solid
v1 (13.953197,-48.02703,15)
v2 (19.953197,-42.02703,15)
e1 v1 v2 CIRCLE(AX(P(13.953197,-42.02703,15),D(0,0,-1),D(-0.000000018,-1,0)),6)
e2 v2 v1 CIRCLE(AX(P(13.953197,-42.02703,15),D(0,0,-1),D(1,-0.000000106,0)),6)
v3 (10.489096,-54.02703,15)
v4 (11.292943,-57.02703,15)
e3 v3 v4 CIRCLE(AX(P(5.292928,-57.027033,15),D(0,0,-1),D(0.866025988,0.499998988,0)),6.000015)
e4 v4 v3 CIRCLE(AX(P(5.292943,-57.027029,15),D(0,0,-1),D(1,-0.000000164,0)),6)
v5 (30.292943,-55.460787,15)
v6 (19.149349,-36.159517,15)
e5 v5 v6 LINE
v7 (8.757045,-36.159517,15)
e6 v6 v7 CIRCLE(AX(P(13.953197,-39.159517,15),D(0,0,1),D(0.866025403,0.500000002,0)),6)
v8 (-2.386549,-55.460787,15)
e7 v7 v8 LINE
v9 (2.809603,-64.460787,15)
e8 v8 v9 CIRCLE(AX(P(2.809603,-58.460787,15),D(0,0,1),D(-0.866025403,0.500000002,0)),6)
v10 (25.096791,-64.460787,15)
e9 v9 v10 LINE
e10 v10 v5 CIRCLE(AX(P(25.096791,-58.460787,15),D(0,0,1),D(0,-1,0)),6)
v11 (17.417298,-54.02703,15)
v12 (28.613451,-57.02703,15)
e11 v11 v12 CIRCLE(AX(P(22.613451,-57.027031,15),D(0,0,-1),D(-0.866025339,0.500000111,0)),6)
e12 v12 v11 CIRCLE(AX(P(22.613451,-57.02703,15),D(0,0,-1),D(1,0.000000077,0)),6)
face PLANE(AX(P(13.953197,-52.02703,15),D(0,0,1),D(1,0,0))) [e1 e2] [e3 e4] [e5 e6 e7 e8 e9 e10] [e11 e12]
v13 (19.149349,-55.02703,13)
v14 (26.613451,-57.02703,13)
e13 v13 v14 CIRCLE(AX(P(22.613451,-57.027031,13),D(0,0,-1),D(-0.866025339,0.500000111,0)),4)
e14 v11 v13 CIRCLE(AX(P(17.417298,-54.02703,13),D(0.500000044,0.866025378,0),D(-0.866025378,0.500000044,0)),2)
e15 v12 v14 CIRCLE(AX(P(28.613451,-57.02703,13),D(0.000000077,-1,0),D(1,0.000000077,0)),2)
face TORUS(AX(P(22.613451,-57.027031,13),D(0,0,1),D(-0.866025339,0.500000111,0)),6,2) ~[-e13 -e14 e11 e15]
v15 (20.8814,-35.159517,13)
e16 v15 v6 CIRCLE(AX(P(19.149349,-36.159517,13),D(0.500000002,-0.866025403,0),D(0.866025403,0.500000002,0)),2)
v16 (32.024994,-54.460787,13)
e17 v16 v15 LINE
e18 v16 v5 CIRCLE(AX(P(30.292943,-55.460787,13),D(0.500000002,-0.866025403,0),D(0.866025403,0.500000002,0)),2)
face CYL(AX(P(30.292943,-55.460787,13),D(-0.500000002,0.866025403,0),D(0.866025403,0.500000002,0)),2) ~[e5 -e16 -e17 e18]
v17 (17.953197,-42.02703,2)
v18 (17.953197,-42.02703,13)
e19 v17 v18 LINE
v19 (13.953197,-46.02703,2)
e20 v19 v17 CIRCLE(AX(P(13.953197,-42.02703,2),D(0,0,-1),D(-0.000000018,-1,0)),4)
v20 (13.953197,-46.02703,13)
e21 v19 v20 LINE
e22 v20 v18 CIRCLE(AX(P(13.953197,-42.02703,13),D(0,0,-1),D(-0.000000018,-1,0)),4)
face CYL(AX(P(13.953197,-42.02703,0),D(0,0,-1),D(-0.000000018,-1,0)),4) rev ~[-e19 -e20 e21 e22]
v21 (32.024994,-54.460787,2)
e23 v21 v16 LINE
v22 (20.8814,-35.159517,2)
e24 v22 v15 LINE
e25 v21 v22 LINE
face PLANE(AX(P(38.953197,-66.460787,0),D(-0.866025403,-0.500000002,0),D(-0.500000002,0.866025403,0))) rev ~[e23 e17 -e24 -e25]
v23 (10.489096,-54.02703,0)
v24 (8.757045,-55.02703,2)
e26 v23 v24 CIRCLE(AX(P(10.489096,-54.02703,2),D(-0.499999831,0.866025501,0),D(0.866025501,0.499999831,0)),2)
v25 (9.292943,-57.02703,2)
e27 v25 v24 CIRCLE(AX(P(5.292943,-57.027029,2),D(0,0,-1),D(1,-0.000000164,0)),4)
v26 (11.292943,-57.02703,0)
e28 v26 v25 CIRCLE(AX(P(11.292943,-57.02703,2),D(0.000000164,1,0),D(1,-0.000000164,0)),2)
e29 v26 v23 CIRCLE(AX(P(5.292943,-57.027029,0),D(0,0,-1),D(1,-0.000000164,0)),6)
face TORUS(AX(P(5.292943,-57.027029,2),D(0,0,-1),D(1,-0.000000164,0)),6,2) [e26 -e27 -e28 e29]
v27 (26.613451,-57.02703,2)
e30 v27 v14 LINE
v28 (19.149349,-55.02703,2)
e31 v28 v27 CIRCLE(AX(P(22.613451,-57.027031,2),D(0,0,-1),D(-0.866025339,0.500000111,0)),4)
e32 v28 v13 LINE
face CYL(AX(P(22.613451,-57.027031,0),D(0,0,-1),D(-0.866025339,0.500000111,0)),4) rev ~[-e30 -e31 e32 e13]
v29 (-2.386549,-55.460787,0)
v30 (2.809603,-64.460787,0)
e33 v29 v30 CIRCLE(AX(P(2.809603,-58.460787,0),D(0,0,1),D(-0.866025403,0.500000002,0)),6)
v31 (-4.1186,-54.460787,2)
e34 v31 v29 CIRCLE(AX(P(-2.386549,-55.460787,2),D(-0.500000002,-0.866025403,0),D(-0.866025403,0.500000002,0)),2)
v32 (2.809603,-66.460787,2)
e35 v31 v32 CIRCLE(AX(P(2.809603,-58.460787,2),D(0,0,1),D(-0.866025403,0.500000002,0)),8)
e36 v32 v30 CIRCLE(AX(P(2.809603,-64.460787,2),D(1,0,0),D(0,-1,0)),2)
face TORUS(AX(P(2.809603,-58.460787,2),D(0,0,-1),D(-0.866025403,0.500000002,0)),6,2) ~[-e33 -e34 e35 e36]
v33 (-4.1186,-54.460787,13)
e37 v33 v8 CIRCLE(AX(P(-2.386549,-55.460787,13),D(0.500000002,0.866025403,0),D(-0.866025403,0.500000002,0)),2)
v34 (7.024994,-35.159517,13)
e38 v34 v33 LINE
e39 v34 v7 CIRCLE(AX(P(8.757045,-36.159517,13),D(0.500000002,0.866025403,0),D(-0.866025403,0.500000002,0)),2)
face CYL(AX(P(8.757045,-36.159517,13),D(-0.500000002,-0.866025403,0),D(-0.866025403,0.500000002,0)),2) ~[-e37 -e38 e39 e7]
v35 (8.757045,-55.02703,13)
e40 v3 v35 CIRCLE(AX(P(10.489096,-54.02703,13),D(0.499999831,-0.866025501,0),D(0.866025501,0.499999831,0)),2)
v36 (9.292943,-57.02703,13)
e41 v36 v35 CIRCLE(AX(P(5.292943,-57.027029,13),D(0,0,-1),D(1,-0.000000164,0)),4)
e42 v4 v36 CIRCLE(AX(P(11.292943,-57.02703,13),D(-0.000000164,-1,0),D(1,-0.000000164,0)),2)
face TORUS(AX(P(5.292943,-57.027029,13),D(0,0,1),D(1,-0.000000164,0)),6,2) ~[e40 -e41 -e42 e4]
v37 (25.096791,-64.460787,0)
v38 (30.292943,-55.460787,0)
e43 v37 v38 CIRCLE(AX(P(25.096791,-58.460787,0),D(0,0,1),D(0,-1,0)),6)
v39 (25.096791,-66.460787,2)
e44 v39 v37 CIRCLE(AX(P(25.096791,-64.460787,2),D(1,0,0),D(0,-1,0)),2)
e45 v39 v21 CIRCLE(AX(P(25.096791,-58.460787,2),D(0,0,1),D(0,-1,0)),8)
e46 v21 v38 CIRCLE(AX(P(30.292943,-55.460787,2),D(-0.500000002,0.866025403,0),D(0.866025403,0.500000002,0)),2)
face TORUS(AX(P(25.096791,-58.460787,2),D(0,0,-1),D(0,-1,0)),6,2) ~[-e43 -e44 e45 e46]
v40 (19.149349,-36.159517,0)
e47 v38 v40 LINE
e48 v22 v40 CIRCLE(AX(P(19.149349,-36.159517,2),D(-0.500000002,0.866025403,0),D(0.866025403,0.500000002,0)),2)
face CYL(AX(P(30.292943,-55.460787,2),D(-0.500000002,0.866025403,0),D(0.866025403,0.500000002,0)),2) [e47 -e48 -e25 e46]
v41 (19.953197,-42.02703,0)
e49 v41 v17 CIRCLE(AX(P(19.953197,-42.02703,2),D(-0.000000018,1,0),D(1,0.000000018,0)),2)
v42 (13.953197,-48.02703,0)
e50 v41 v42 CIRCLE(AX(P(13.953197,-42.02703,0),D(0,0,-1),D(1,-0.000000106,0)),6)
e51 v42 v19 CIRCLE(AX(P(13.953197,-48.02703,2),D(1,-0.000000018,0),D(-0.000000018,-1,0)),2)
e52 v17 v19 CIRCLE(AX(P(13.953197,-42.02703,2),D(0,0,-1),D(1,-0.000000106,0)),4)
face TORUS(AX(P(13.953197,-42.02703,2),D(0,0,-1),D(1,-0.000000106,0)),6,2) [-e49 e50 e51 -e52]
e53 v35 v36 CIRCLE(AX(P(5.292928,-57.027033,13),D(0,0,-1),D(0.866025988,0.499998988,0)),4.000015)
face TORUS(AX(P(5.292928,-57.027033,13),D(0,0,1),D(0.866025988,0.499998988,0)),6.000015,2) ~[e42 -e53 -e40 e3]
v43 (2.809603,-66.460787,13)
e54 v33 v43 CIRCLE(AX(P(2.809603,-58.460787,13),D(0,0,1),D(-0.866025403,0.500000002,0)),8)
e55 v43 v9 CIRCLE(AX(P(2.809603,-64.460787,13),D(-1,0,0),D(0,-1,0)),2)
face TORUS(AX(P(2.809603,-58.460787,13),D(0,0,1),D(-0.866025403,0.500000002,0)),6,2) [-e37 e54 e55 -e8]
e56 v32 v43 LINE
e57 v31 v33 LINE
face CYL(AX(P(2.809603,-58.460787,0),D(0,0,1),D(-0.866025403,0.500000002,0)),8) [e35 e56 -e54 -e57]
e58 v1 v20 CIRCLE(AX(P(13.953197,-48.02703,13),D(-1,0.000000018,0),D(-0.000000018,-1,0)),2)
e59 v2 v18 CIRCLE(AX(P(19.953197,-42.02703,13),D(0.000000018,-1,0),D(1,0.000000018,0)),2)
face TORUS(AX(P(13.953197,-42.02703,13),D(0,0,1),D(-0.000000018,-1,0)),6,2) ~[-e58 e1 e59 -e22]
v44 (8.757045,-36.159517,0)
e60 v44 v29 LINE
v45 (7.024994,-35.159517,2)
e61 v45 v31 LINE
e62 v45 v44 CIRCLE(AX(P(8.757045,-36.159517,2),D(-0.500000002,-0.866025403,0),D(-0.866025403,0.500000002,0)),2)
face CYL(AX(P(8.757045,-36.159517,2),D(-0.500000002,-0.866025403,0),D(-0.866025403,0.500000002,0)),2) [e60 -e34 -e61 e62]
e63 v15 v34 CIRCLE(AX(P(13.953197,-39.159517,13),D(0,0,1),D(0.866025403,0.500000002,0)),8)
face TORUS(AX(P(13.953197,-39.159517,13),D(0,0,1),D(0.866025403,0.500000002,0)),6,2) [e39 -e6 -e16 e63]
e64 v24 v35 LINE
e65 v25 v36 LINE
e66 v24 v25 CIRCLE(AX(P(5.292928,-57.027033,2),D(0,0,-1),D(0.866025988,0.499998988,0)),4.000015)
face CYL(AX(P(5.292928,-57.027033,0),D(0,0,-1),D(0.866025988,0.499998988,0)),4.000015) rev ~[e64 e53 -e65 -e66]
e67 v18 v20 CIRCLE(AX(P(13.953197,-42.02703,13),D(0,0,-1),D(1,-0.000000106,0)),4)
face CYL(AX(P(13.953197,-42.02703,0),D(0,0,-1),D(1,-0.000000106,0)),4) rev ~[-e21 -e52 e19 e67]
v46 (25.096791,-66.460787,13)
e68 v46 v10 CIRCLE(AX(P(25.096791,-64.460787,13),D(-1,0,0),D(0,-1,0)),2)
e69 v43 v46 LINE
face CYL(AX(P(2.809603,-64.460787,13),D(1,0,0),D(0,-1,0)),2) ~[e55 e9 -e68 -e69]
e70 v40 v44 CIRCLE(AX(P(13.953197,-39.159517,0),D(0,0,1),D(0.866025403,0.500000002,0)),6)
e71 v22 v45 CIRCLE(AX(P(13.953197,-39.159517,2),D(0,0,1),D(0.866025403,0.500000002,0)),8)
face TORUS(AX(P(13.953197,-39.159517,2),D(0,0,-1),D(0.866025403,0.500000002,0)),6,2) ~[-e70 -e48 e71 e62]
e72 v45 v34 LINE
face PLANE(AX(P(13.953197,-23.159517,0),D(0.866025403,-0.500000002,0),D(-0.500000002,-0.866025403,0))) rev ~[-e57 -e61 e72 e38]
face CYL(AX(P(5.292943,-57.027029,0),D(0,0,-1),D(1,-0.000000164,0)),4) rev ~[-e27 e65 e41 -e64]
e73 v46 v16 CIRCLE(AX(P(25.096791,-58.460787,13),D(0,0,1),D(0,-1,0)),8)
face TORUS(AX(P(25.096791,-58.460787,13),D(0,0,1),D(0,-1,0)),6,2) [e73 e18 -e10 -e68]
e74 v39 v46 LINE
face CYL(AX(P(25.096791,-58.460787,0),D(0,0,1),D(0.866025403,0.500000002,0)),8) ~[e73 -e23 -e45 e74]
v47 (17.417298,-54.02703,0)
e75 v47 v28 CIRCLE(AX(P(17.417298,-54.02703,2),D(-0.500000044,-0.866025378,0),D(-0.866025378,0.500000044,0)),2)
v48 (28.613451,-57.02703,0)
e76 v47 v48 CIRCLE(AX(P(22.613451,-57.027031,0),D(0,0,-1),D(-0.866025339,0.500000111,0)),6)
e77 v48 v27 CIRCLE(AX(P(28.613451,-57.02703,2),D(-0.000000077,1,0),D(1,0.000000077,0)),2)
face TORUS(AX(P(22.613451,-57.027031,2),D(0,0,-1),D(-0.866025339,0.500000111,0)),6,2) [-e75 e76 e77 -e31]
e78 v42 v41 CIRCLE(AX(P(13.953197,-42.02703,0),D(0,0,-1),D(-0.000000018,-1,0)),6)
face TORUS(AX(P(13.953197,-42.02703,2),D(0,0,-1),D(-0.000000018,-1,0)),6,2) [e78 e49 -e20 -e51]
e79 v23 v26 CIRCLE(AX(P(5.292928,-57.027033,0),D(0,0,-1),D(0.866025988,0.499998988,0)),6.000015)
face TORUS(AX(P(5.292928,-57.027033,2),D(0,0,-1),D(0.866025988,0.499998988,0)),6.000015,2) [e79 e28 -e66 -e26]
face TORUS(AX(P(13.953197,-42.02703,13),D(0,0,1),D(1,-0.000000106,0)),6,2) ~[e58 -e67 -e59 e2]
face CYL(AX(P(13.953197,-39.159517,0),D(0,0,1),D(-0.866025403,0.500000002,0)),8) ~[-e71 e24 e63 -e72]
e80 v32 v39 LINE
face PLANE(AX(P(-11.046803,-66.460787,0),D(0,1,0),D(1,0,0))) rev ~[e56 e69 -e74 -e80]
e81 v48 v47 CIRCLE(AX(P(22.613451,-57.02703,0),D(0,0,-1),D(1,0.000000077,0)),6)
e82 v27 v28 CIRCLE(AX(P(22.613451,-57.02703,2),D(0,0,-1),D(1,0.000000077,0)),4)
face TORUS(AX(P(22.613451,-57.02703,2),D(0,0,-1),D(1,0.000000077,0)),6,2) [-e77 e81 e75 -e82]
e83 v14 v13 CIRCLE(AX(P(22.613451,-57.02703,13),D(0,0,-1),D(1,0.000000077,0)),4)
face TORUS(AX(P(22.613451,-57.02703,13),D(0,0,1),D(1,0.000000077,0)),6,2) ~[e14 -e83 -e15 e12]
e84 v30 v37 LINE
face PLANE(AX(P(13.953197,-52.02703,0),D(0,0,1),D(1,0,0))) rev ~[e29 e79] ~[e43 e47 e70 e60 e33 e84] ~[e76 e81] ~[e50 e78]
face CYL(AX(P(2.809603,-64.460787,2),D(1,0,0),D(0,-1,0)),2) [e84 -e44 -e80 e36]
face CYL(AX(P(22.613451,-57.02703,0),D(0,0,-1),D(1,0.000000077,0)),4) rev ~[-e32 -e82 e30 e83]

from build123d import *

# Parameters (mm, degrees)
F1_DEPTH = 15
F2_R     = 8
F3_R     = 2


with BuildPart() as f1:
    # F0 (on Top) → F1 (new body)
    with BuildSketch(Plane.XY):
        Polygon((13.953197, -23.159517), (-11.046803, -66.460787), (38.953197, -66.460787), align=None)
        with BuildLine():
            ThreePointArc((9.292943, -57.02703), (1.42924, -58.062307), (8.757045, -55.02703))
            ThreePointArc((8.757045, -55.02703), (9.156646, -55.991754), (9.292943, -57.02703))
        make_face(mode=Mode.SUBTRACT)
        with BuildLine():
            ThreePointArc((26.613451, -57.02703), (21.578175, -60.890734), (19.149349, -55.02703))
            ThreePointArc((19.149349, -55.02703), (23.648727, -53.163327), (26.613451, -57.02703))
        make_face(mode=Mode.SUBTRACT)
        with BuildLine():
            ThreePointArc((17.953197, -42.02703), (16.781624, -44.855457), (13.953197, -46.02703))
            ThreePointArc((13.953197, -46.02703), (11.12477, -39.198603), (17.953197, -42.02703))
        make_face(mode=Mode.SUBTRACT)
    extrude(amount=F1_DEPTH)

    # F2
    f2_edges = [f1.edges().sort_by_distance(p)[0] for p in [
        (38.953197, -66.460787, 7.5),
        (13.953197, -23.159517, 7.5),
        (-11.046803, -66.460787, 7.5),
    ]]
    fillet(f2_edges, radius=F2_R)

    # F3
    f3_edges = [f1.edges().sort_by_distance(p)[0] for p in [
        (1.453197, -44.810152, 15),
        (13.953197, -31.159517, 15),
        (-4.1186, -62.460787, 15),
        (26.453197, -44.810152, 15),
        (13.953197, -66.460787, 15),
        (32.024994, -62.460787, 15),
        (1.828841, -59.02703, 15),
        (26.077553, -59.02703, 15),
        (9.953197, -42.02703, 15),
        (1.453197, -44.810152, 0),
        (13.953197, -31.159517, 0),
        (-4.1186, -62.460787, 0),
        (26.453197, -44.810152, 0),
        (13.953197, -66.460787, 0),
        (32.024994, -62.460787, 0),
        (1.828841, -59.02703, 0),
        (26.077553, -59.02703, 0),
        (9.953197, -42.02703, 0),
    ]]
    fillet(f3_edges, radius=F3_R)


solid = f1.part
